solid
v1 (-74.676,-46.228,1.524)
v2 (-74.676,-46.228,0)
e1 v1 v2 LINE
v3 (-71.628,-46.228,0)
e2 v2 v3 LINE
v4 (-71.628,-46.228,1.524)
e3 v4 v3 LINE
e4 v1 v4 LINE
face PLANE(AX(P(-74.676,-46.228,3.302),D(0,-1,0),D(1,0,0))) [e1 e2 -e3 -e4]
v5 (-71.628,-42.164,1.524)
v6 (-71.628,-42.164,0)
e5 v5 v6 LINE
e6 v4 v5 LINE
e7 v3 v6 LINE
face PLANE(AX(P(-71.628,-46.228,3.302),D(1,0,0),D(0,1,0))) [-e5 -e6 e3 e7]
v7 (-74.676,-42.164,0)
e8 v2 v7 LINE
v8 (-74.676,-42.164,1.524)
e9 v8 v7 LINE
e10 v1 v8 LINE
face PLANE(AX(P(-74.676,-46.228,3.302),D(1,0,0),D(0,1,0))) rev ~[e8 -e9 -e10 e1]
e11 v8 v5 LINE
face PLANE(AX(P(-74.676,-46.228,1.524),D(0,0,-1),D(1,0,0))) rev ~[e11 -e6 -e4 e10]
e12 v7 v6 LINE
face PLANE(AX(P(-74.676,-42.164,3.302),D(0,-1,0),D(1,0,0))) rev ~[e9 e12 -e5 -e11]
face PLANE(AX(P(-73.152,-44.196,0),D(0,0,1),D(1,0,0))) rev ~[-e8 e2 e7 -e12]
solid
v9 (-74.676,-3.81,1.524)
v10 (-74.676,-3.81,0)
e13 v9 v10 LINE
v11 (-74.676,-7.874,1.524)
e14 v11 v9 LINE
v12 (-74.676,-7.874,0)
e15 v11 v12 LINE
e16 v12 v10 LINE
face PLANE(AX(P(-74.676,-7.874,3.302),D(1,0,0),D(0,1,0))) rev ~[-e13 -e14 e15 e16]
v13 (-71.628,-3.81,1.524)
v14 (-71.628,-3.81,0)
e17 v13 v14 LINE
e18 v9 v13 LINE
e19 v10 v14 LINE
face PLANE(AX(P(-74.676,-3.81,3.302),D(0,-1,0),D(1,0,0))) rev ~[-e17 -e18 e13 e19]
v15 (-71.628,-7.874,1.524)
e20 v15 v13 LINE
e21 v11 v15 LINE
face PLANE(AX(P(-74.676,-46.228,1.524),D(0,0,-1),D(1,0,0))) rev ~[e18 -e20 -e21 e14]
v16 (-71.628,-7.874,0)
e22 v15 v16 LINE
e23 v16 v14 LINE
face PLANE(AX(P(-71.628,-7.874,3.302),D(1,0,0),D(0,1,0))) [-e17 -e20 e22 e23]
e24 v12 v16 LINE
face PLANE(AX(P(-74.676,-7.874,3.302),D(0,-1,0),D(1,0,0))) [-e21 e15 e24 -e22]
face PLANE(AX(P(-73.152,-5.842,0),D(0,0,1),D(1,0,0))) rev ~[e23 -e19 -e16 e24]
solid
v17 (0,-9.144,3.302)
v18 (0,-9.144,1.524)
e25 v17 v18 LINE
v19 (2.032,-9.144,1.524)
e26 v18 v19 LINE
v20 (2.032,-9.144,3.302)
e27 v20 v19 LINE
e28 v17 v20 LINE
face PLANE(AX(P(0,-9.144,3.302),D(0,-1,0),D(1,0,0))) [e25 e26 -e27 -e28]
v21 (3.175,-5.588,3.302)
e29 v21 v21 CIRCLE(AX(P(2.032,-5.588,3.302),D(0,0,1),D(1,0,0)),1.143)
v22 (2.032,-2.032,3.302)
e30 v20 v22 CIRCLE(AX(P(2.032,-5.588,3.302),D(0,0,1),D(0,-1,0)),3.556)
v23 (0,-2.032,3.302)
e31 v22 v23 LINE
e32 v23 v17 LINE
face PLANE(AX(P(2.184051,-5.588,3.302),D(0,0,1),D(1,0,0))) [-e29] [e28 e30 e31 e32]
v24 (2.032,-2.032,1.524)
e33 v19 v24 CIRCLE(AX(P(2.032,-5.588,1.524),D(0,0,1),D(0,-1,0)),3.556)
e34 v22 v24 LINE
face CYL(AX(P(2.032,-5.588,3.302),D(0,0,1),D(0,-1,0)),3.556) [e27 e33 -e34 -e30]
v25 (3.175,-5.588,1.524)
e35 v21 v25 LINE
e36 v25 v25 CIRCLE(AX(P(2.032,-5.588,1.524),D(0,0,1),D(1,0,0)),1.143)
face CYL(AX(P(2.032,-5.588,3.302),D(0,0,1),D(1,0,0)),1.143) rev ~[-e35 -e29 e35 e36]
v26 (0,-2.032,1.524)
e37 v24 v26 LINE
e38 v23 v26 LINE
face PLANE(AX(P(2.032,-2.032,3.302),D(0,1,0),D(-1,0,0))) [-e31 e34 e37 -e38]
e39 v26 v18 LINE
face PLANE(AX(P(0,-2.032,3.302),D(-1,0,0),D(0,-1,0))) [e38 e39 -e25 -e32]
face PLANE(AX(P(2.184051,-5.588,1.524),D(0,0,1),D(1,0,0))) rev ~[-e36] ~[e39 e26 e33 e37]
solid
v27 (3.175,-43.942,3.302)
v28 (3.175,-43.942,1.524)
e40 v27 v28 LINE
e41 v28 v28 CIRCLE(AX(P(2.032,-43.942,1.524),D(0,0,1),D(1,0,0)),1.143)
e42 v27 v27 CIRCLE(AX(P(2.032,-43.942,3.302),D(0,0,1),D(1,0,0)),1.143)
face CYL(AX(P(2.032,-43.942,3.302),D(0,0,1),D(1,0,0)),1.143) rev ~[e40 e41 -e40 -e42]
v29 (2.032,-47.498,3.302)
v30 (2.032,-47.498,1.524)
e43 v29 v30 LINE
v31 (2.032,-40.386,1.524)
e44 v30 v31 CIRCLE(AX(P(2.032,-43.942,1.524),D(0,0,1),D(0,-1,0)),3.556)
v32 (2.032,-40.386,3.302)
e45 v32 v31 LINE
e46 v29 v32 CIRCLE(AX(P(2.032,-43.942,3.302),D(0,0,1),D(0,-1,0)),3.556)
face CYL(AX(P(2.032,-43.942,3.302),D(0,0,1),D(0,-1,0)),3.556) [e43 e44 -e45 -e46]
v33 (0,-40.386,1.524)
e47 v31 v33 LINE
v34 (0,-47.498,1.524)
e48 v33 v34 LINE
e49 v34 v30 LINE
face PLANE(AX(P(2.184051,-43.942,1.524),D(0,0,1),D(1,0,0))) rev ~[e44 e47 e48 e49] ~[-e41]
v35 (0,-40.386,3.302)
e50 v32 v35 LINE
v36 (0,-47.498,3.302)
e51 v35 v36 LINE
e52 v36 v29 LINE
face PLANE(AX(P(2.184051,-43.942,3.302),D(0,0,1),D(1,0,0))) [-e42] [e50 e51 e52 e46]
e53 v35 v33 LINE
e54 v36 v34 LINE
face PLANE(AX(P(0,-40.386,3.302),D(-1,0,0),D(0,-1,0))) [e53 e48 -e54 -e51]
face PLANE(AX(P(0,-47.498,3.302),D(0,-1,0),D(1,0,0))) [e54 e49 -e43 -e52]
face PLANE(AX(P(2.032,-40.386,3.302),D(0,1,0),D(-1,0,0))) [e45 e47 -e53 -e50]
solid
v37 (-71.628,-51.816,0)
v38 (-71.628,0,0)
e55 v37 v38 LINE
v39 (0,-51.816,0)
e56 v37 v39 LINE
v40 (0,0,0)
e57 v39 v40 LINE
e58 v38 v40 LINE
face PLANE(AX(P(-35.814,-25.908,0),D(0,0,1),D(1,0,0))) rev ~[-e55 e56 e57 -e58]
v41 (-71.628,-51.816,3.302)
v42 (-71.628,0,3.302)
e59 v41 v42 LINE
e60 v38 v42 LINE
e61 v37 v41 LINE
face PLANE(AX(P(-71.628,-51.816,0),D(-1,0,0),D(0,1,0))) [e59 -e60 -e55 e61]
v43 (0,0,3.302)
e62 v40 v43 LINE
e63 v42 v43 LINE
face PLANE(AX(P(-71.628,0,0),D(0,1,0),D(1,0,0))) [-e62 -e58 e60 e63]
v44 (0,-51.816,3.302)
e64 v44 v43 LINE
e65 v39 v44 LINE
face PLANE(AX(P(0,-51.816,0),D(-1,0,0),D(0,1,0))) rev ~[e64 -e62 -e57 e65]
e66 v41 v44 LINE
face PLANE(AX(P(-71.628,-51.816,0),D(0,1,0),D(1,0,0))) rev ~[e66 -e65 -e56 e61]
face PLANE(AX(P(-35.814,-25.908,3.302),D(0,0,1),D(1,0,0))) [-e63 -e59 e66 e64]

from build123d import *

# Parameters (mm, degrees)
F0_W     = 71.628
F0_H     = 51.816
F1_DEPTH = 3.302
F2_R     = 1.143
F3_DEPTH = 1.778
F4_W     = 3.048
F4_H     = 4.064
F5_DEPTH = 3.302
F6_W     = 3.048
F6_H     = 1.778
F7_DEPTH = 101.6


with BuildPart() as f1:
    # F0 (on Top) → F1 (new body)
    with BuildSketch(Plane.XY):
        with Locations((-35.814, -25.908)):
            Rectangle(F0_W, F0_H)
    extrude(amount=F1_DEPTH)


with BuildPart() as f3:
    # F2 (on face) → F3 (new body)
    with BuildSketch(Plane.XY.offset(3.302)):
        with BuildLine():
            Line((2.032, -2.032), (0, -2.032))
            Line((0, -2.032), (0, -9.144))
            Line((0, -9.144), (2.032, -9.144))
            ThreePointArc((2.032, -9.144), (5.588, -5.588), (2.032, -2.032))
        make_face()
        with Locations((2.032, -5.588)):
            Circle(F2_R, mode=Mode.SUBTRACT)
        with BuildLine():
            ThreePointArc((2.032, -47.498), (5.588, -43.942), (2.032, -40.386))
            Line((2.032, -40.386), (0, -40.386))
            Line((0, -40.386), (0, -47.498))
            Line((0, -47.498), (2.032, -47.498))
        make_face()
        with Locations((2.032, -43.942)):
            Circle(F2_R, mode=Mode.SUBTRACT)
    extrude(amount=-F3_DEPTH)


with BuildPart() as f5:
    # F4 (on face) → F5 (new body)
    with BuildSketch(Plane.XY.offset(3.302)):
        with Locations((-73.152, -5.842)):
            Rectangle(F4_W, F4_H)
        with Locations((-73.152, -44.196)):
            Rectangle(F4_W, F4_H)
    extrude(amount=-F5_DEPTH)

    # F6 (on face) → F7 (cut)
    with BuildSketch(Plane.XZ.offset(46.228)):
        with Locations((-73.152, 2.413)):
            Rectangle(F6_W, F6_H)
    extrude(amount=-F7_DEPTH, mode=Mode.SUBTRACT)


solid = Compound([f1.part, f3.part, f5.part])
